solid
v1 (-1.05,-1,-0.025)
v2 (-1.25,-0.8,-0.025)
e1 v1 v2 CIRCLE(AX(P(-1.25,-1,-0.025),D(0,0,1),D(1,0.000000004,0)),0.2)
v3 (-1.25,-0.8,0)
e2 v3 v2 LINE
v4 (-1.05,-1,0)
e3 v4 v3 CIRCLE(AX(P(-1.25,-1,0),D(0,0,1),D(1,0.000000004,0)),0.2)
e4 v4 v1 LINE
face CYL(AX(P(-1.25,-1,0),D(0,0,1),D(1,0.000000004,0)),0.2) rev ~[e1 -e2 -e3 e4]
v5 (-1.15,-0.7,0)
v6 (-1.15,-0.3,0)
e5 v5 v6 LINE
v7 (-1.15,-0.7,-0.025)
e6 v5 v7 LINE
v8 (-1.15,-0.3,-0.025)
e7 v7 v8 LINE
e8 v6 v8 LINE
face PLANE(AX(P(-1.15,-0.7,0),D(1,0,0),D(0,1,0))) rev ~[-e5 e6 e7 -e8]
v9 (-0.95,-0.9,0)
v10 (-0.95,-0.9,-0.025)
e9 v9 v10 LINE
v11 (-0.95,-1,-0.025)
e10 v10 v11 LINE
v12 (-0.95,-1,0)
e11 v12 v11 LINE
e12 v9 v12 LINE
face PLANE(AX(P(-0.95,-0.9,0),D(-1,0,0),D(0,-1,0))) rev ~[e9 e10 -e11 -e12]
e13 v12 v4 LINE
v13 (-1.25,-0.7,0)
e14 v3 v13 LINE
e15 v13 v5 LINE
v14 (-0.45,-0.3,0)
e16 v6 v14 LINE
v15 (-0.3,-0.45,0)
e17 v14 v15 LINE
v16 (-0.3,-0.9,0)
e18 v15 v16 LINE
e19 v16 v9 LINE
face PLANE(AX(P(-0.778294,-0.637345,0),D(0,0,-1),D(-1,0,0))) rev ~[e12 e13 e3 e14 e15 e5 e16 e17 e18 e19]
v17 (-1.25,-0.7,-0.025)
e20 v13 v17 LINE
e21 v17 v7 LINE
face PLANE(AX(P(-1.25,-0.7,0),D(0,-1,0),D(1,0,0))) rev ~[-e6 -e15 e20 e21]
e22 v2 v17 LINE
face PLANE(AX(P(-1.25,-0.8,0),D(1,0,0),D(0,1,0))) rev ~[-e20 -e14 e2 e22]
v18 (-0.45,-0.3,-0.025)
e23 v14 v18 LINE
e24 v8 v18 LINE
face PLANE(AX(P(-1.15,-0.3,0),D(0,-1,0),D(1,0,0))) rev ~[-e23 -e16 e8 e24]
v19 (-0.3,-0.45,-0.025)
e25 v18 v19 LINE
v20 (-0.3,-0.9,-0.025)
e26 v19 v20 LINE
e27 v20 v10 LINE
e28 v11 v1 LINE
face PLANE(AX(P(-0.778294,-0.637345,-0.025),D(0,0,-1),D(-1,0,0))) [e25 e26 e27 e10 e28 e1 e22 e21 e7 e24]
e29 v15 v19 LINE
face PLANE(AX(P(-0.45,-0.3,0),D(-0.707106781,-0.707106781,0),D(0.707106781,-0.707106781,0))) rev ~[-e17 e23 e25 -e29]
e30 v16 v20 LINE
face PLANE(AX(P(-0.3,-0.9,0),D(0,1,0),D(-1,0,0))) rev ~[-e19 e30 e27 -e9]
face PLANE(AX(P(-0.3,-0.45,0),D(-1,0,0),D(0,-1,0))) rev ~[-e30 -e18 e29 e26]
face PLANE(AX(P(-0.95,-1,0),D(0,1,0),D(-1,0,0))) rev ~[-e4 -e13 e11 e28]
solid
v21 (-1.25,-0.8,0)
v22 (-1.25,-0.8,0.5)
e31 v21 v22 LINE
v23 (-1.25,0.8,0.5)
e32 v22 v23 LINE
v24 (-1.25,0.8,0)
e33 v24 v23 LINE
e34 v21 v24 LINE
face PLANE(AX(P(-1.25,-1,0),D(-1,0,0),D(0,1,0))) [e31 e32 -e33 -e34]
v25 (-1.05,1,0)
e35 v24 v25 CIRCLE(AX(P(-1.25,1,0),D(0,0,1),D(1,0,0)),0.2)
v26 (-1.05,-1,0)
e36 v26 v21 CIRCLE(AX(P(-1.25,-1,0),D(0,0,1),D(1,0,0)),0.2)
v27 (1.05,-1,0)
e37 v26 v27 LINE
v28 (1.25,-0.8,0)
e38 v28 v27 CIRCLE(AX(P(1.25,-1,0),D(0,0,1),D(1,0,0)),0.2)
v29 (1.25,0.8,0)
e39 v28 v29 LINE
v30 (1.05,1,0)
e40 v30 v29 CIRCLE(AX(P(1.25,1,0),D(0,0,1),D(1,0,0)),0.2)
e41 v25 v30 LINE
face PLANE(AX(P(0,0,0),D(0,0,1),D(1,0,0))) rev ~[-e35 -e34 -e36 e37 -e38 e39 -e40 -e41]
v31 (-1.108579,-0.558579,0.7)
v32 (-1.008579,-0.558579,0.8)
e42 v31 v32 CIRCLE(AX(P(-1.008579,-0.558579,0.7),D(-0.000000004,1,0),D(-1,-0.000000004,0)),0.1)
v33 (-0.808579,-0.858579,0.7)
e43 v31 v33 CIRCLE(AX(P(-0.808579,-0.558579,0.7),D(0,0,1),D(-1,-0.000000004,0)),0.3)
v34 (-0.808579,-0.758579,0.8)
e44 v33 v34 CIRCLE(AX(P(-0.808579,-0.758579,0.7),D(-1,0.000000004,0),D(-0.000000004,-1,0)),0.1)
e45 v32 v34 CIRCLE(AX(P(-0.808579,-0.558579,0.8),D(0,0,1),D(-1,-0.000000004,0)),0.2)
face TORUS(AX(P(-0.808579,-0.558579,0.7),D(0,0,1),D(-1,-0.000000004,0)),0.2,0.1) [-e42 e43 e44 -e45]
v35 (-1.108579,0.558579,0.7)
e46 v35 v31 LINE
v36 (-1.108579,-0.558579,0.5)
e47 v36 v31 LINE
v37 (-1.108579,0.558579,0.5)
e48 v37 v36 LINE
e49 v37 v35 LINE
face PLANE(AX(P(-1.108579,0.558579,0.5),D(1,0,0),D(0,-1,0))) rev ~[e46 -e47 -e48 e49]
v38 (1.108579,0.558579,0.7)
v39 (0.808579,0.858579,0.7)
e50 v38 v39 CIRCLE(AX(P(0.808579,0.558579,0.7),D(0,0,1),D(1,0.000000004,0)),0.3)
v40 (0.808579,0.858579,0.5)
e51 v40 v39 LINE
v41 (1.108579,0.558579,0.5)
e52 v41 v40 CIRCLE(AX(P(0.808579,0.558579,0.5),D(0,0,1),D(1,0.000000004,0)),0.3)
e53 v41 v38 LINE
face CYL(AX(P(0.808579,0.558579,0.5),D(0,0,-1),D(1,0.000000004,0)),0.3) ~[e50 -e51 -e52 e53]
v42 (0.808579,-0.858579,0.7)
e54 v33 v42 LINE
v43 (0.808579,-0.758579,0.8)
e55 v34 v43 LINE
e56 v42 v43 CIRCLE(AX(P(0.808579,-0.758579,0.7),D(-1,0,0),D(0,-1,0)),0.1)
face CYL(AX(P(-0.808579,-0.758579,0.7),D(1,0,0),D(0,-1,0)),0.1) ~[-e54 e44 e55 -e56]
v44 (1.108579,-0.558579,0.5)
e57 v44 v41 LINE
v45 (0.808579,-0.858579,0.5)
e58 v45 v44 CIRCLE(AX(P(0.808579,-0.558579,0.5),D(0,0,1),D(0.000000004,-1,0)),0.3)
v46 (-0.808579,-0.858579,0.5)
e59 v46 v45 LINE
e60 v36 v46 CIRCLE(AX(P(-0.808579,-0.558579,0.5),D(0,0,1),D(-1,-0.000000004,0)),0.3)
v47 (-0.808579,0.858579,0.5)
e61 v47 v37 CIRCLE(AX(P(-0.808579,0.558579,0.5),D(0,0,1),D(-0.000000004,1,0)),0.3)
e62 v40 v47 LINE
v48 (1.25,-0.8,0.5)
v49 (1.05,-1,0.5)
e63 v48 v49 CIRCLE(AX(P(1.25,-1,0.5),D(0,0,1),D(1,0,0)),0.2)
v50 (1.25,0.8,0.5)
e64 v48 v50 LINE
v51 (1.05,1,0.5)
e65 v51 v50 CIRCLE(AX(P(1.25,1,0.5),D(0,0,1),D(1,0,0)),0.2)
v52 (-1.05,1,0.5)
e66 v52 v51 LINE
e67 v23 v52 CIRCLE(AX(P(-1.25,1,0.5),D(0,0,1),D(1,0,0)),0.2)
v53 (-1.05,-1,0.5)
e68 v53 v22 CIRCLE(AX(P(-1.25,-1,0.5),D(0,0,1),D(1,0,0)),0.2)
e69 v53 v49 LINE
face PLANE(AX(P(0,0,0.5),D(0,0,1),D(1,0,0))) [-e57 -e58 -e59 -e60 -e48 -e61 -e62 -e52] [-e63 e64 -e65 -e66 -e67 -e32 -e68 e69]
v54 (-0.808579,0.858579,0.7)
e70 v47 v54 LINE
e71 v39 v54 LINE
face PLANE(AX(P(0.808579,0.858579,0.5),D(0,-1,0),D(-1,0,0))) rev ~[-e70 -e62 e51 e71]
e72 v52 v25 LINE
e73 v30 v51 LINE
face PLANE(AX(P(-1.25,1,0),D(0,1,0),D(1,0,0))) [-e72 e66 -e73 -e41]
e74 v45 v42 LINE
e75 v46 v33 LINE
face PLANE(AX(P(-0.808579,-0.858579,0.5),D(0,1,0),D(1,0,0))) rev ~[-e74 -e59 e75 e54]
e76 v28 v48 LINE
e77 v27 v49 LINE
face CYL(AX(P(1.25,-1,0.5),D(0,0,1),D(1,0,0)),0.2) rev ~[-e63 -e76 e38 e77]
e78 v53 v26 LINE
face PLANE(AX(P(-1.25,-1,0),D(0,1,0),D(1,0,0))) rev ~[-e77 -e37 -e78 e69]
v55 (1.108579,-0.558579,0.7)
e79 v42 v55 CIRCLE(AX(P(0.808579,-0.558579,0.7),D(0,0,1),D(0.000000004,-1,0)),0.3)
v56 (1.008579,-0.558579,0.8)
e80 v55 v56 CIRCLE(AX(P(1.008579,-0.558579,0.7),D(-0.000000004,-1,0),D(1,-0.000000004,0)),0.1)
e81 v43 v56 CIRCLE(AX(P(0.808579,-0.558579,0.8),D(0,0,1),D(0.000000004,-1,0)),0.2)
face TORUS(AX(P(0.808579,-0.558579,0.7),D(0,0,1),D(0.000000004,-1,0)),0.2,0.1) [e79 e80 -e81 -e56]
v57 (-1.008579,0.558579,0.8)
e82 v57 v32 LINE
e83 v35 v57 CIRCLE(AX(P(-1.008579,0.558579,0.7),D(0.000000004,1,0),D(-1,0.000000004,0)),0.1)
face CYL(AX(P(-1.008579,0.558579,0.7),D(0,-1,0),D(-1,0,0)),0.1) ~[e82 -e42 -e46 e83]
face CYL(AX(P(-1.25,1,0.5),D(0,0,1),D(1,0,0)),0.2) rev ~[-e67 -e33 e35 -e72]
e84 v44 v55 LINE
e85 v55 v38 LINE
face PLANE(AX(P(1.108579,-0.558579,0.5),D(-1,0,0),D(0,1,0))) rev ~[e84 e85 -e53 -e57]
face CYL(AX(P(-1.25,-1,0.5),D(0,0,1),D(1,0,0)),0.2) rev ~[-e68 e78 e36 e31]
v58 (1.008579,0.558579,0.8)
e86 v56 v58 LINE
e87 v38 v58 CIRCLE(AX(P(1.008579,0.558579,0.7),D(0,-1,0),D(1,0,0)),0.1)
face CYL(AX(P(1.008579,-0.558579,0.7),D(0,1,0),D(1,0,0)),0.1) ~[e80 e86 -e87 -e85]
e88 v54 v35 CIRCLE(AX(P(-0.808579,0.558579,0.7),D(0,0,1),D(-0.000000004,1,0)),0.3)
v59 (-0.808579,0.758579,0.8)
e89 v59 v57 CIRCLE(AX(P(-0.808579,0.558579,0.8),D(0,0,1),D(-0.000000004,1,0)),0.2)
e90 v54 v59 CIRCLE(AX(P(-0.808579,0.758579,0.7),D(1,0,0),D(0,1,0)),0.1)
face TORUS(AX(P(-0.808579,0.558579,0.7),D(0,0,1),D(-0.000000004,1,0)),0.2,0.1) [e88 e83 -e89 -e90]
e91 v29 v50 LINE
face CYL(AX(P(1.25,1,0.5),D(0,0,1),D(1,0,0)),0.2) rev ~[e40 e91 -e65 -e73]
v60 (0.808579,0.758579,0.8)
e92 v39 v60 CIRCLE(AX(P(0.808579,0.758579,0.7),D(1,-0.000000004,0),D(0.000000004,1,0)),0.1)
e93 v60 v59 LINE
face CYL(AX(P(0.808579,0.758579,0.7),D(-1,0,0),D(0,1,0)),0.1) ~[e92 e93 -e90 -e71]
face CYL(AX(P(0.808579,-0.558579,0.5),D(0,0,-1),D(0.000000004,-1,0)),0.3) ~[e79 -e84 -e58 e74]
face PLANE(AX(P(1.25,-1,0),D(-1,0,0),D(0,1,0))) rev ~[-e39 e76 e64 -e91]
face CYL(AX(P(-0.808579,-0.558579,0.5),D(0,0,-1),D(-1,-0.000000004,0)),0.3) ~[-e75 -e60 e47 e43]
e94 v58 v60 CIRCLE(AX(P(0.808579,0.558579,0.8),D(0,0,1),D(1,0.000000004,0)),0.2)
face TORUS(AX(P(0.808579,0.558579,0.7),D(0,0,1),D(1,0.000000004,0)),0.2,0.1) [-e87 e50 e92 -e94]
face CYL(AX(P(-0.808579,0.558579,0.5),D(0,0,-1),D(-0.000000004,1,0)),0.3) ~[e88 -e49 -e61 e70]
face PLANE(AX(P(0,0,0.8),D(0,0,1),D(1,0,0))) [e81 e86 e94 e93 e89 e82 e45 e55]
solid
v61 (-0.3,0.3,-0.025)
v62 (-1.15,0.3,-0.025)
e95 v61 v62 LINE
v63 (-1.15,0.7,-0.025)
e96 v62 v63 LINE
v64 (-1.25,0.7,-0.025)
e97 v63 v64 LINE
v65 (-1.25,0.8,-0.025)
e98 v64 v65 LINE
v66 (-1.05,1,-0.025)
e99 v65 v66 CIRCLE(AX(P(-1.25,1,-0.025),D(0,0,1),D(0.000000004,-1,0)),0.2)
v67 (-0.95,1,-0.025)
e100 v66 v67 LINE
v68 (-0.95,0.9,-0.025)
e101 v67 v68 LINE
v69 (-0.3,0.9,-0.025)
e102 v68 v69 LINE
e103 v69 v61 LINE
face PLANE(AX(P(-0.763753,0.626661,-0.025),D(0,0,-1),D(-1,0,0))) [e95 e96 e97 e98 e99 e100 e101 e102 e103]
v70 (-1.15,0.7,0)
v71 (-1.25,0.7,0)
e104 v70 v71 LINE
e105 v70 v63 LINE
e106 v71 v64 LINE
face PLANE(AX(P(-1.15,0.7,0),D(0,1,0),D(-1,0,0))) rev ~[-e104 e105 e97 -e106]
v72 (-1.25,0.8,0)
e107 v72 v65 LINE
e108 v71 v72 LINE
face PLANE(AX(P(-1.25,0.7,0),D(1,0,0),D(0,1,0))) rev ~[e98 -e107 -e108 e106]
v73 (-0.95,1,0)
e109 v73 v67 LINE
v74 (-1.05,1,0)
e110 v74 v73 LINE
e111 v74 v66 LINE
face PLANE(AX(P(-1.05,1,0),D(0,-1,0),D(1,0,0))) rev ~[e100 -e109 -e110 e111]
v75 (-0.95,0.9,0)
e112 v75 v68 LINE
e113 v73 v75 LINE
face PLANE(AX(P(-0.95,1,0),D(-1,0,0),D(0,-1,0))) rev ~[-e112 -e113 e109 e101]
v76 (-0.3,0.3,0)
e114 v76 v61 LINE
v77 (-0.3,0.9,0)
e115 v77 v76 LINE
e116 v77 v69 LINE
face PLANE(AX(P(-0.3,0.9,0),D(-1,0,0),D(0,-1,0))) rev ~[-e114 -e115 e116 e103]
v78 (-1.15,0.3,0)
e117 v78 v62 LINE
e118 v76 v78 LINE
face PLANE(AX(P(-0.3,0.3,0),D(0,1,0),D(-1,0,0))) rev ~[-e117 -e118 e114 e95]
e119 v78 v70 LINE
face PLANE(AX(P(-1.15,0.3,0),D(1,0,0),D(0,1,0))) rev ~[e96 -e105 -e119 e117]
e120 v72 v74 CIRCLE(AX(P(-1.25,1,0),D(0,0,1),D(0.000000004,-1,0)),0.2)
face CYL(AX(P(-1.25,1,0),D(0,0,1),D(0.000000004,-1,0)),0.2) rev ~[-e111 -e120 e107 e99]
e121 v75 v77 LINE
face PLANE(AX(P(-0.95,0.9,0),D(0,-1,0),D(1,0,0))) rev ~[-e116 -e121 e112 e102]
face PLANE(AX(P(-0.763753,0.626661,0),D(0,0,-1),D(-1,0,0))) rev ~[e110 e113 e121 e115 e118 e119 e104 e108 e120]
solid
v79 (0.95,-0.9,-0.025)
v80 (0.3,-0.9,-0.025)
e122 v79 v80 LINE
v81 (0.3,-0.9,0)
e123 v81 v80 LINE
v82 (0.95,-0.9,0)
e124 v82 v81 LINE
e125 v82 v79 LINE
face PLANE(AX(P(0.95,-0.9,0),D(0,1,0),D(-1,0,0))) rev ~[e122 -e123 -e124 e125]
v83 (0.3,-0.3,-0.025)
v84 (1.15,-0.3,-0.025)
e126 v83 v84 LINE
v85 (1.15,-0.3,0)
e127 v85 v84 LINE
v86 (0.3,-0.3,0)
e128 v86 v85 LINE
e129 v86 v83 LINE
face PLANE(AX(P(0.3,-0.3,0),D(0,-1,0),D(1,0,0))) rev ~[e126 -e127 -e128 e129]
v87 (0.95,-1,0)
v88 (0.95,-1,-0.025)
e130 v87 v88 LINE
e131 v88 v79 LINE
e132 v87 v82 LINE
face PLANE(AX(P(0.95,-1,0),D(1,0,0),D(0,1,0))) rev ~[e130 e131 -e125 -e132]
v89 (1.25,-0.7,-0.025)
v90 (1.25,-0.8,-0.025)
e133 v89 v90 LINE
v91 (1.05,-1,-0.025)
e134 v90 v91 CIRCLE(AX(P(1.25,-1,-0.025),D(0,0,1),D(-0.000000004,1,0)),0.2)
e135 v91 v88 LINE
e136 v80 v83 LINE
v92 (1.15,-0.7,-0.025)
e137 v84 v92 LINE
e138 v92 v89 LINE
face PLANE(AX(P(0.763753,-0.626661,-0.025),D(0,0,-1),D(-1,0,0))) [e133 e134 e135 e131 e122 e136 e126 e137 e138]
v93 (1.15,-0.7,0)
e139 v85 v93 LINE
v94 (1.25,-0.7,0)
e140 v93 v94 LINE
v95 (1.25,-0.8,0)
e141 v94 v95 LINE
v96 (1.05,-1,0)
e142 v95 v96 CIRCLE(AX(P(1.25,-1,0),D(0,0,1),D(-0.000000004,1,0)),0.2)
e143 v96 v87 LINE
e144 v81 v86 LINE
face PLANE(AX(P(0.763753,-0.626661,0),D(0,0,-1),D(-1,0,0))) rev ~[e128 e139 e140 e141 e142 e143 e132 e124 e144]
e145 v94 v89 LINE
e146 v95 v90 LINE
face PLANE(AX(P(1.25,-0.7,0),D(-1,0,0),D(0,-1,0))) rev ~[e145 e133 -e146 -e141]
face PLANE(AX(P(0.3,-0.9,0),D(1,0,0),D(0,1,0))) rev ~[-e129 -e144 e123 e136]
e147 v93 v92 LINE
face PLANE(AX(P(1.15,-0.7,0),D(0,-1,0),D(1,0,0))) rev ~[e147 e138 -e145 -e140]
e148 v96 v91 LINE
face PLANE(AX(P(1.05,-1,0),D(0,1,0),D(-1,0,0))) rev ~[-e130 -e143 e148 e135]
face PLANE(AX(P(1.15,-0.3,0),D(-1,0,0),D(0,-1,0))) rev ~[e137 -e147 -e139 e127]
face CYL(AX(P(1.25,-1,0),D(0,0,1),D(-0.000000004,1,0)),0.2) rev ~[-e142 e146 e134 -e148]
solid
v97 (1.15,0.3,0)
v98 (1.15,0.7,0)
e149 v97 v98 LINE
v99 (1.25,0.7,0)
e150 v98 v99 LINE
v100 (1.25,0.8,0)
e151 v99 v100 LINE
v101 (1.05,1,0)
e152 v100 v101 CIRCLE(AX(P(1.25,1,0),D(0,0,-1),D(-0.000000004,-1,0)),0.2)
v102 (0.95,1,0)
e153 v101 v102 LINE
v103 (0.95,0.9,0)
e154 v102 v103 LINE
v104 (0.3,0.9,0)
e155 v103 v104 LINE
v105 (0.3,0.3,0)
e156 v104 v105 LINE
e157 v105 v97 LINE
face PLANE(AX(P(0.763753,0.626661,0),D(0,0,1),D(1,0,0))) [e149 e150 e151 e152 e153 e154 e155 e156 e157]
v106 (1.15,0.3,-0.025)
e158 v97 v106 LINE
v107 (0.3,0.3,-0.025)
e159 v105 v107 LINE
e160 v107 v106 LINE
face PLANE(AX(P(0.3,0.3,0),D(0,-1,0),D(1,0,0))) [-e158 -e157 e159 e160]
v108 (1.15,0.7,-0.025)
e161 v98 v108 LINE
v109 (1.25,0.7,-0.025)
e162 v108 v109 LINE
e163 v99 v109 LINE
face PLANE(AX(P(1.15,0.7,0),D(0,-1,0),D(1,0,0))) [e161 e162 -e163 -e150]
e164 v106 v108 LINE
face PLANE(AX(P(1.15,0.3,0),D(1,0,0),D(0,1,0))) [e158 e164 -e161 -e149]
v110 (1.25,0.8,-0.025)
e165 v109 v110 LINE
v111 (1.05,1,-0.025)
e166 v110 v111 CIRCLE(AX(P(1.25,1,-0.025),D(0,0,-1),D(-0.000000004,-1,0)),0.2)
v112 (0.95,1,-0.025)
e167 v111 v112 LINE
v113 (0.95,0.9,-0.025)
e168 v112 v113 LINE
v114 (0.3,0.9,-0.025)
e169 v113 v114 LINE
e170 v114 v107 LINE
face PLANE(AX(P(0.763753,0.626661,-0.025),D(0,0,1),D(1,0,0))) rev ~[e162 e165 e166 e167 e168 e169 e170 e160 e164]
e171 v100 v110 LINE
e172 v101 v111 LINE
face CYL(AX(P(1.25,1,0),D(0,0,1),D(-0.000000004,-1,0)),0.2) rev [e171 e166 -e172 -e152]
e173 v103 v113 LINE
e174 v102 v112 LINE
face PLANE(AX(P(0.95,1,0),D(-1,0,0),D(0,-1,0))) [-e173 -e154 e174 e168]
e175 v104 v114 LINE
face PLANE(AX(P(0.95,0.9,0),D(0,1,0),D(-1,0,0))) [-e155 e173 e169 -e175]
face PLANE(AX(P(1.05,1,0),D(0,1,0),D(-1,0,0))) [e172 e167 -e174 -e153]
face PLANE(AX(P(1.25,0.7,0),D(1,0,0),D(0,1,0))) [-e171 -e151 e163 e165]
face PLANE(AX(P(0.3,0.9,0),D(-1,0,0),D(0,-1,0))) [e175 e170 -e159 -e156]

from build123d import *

# Parameters (mm, degrees)
SKETCH1_W             = 2.5
SKETCH1_H             = 2
BOSS_EXTRUDE1_DEPTH   = 0.5
SKETCH2_R             = 0.2
CUT_EXTRUDE1_DEPTH    = 0.5
BOSS_EXTRUDE2_DEPTH   = 0.3
BOSS_EXTRUDE3_DEPTH   = 0.025
BOSS_EXTRUDE3_2_DEPTH = 0.025
BOSS_EXTRUDE3_3_DEPTH = 0.025
BOSS_EXTRUDE3_4_DEPTH = 0.025
FILLET1_R             = 0.1


with BuildPart() as part:
    # Sketch1 → Boss-Extrude1 (new body)
    with BuildSketch(Plane.XY):
        Rectangle(SKETCH1_W, SKETCH1_H)
    extrude(amount=BOSS_EXTRUDE1_DEPTH)

    # Sketch2 → Cut-Extrude1 (cut)
    with BuildSketch(Plane.XY.offset(0.5)):
        with Locations((-1.25, 1)):
            Circle(SKETCH2_R)
        with Locations((1.25, 1)):
            Circle(SKETCH2_R)
        with Locations((-1.25, -1)):
            Circle(SKETCH2_R)
        with Locations((1.25, -1)):
            Circle(SKETCH2_R)
    extrude(amount=-CUT_EXTRUDE1_DEPTH, mode=Mode.SUBTRACT)

    # Sketch3 → Boss-Extrude2 (add)
    with BuildSketch(Plane.XY.offset(0.5)):
        with BuildLine():
            Line((-1.108578644, 0.558578644), (-1.108578644, -0.558578644))
            ThreePointArc((-1.108578644, -0.558578644), (-1.020710678, -0.770710678), (-0.808578644, -0.858578644))
            Line((-0.808578644, -0.858578644), (0.808578644, -0.858578644))
            ThreePointArc((0.808578644, -0.858578644), (1.020710678, -0.770710678), (1.108578644, -0.558578644))
            Line((1.108578644, -0.558578644), (1.108578644, 0.558578644))
            ThreePointArc((1.108578644, 0.558578644), (1.020710678, 0.770710678), (0.808578644, 0.858578644))
            Line((0.808578644, 0.858578644), (-0.808578644, 0.858578644))
            ThreePointArc((-0.808578644, 0.858578644), (-1.020710678, 0.770710678), (-1.108578644, 0.558578644))
        make_face()
    extrude(amount=BOSS_EXTRUDE2_DEPTH)

    # Fillet1
    fillet1_edges = [part.edges().sort_by_distance(p)[0] for p in [
        (-1.020710678, -0.770710678, 0.8),
        (0, -0.858578644, 0.8),
        (1.020710678, -0.770710678, 0.8),
        (1.108578644, 0, 0.8),
        (1.020710678, 0.770710678, 0.8),
        (0, 0.858578644, 0.8),
        (-1.020710678, 0.770710678, 0.8),
        (-1.108578644, 0, 0.8),
    ]]
    fillet(fillet1_edges, radius=FILLET1_R)


with BuildPart() as body_2:
    # Sketch4 → Boss-Extrude3 (new body)
    with BuildSketch(Plane(origin=(0, 0, 0), x_dir=(-1, 0, 0), z_dir=(0, 0, -1))):
        with BuildLine():
            Line((0.45, -0.3), (0.3, -0.45))
            Line((0.3, -0.45), (0.3, -0.9))
            Line((0.3, -0.9), (0.95, -0.9))
            Line((0.95, -0.9), (0.95, -1))
            Line((0.95, -1), (1.05, -1))
            ThreePointArc((1.05, -1), (1.108578644, -0.858578644), (1.25, -0.8))
            Line((1.25, -0.8), (1.25, -0.7))
            Line((1.25, -0.7), (1.15, -0.7))
            Line((1.15, -0.7), (1.15, -0.3))
            Line((1.15, -0.3), (0.45, -0.3))
        make_face()
    extrude(amount=BOSS_EXTRUDE3_DEPTH)


with BuildPart() as body_3:
    # Sketch4 → Boss-Extrude3 2 (new body)
    with BuildSketch(Plane(origin=(0, 0, 0), x_dir=(-1, 0, 0), z_dir=(0, 0, -1))):
        with BuildLine():
            Line((-0.95, 0.9), (-0.3, 0.9))
            Line((-0.3, 0.9), (-0.3, 0.3))
            Line((-0.3, 0.3), (-1.15, 0.3))
            Line((-1.15, 0.3), (-1.15, 0.7))
            Line((-1.15, 0.7), (-1.25, 0.7))
            Line((-1.25, 0.7), (-1.25, 0.8))
            ThreePointArc((-1.25, 0.8), (-1.108578644, 0.858578644), (-1.05, 1))
            Line((-1.05, 1), (-0.95, 1))
            Line((-0.95, 1), (-0.95, 0.9))
        make_face()
    extrude(amount=BOSS_EXTRUDE3_2_DEPTH)


with BuildPart() as body_4:
    # Sketch4 → Boss-Extrude3 3 (new body)
    with BuildSketch(Plane(origin=(0, 0, 0), x_dir=(-1, 0, 0), z_dir=(0, 0, -1))):
        with BuildLine():
            Line((0.95, 1), (0.95, 0.9))
            Line((0.95, 0.9), (0.3, 0.9))
            Line((0.3, 0.9), (0.3, 0.3))
            Line((0.3, 0.3), (1.15, 0.3))
            Line((1.15, 0.3), (1.15, 0.7))
            Line((1.15, 0.7), (1.25, 0.7))
            Line((1.25, 0.7), (1.25, 0.8))
            ThreePointArc((1.25, 0.8), (1.108578644, 0.858578644), (1.05, 1))
            Line((1.05, 1), (0.95, 1))
        make_face()
    extrude(amount=BOSS_EXTRUDE3_3_DEPTH)


with BuildPart() as body_5:
    # Sketch4 → Boss-Extrude3 4 (new body)
    with BuildSketch(Plane(origin=(0, 0, 0), x_dir=(-1, 0, 0), z_dir=(0, 0, -1))):
        with BuildLine():
            Line((-0.95, -1), (-0.95, -0.9))
            Line((-0.95, -0.9), (-0.3, -0.9))
            Line((-0.3, -0.9), (-0.3, -0.3))
            Line((-0.3, -0.3), (-1.15, -0.3))
            Line((-1.15, -0.3), (-1.15, -0.7))
            Line((-1.15, -0.7), (-1.25, -0.7))
            Line((-1.25, -0.7), (-1.25, -0.8))
            ThreePointArc((-1.25, -0.8), (-1.108578644, -0.858578644), (-1.05, -1))
            Line((-1.05, -1), (-0.95, -1))
        make_face()
    extrude(amount=BOSS_EXTRUDE3_4_DEPTH)


solid = Compound([part.part, body_2.part, body_3.part, body_4.part, body_5.part])
